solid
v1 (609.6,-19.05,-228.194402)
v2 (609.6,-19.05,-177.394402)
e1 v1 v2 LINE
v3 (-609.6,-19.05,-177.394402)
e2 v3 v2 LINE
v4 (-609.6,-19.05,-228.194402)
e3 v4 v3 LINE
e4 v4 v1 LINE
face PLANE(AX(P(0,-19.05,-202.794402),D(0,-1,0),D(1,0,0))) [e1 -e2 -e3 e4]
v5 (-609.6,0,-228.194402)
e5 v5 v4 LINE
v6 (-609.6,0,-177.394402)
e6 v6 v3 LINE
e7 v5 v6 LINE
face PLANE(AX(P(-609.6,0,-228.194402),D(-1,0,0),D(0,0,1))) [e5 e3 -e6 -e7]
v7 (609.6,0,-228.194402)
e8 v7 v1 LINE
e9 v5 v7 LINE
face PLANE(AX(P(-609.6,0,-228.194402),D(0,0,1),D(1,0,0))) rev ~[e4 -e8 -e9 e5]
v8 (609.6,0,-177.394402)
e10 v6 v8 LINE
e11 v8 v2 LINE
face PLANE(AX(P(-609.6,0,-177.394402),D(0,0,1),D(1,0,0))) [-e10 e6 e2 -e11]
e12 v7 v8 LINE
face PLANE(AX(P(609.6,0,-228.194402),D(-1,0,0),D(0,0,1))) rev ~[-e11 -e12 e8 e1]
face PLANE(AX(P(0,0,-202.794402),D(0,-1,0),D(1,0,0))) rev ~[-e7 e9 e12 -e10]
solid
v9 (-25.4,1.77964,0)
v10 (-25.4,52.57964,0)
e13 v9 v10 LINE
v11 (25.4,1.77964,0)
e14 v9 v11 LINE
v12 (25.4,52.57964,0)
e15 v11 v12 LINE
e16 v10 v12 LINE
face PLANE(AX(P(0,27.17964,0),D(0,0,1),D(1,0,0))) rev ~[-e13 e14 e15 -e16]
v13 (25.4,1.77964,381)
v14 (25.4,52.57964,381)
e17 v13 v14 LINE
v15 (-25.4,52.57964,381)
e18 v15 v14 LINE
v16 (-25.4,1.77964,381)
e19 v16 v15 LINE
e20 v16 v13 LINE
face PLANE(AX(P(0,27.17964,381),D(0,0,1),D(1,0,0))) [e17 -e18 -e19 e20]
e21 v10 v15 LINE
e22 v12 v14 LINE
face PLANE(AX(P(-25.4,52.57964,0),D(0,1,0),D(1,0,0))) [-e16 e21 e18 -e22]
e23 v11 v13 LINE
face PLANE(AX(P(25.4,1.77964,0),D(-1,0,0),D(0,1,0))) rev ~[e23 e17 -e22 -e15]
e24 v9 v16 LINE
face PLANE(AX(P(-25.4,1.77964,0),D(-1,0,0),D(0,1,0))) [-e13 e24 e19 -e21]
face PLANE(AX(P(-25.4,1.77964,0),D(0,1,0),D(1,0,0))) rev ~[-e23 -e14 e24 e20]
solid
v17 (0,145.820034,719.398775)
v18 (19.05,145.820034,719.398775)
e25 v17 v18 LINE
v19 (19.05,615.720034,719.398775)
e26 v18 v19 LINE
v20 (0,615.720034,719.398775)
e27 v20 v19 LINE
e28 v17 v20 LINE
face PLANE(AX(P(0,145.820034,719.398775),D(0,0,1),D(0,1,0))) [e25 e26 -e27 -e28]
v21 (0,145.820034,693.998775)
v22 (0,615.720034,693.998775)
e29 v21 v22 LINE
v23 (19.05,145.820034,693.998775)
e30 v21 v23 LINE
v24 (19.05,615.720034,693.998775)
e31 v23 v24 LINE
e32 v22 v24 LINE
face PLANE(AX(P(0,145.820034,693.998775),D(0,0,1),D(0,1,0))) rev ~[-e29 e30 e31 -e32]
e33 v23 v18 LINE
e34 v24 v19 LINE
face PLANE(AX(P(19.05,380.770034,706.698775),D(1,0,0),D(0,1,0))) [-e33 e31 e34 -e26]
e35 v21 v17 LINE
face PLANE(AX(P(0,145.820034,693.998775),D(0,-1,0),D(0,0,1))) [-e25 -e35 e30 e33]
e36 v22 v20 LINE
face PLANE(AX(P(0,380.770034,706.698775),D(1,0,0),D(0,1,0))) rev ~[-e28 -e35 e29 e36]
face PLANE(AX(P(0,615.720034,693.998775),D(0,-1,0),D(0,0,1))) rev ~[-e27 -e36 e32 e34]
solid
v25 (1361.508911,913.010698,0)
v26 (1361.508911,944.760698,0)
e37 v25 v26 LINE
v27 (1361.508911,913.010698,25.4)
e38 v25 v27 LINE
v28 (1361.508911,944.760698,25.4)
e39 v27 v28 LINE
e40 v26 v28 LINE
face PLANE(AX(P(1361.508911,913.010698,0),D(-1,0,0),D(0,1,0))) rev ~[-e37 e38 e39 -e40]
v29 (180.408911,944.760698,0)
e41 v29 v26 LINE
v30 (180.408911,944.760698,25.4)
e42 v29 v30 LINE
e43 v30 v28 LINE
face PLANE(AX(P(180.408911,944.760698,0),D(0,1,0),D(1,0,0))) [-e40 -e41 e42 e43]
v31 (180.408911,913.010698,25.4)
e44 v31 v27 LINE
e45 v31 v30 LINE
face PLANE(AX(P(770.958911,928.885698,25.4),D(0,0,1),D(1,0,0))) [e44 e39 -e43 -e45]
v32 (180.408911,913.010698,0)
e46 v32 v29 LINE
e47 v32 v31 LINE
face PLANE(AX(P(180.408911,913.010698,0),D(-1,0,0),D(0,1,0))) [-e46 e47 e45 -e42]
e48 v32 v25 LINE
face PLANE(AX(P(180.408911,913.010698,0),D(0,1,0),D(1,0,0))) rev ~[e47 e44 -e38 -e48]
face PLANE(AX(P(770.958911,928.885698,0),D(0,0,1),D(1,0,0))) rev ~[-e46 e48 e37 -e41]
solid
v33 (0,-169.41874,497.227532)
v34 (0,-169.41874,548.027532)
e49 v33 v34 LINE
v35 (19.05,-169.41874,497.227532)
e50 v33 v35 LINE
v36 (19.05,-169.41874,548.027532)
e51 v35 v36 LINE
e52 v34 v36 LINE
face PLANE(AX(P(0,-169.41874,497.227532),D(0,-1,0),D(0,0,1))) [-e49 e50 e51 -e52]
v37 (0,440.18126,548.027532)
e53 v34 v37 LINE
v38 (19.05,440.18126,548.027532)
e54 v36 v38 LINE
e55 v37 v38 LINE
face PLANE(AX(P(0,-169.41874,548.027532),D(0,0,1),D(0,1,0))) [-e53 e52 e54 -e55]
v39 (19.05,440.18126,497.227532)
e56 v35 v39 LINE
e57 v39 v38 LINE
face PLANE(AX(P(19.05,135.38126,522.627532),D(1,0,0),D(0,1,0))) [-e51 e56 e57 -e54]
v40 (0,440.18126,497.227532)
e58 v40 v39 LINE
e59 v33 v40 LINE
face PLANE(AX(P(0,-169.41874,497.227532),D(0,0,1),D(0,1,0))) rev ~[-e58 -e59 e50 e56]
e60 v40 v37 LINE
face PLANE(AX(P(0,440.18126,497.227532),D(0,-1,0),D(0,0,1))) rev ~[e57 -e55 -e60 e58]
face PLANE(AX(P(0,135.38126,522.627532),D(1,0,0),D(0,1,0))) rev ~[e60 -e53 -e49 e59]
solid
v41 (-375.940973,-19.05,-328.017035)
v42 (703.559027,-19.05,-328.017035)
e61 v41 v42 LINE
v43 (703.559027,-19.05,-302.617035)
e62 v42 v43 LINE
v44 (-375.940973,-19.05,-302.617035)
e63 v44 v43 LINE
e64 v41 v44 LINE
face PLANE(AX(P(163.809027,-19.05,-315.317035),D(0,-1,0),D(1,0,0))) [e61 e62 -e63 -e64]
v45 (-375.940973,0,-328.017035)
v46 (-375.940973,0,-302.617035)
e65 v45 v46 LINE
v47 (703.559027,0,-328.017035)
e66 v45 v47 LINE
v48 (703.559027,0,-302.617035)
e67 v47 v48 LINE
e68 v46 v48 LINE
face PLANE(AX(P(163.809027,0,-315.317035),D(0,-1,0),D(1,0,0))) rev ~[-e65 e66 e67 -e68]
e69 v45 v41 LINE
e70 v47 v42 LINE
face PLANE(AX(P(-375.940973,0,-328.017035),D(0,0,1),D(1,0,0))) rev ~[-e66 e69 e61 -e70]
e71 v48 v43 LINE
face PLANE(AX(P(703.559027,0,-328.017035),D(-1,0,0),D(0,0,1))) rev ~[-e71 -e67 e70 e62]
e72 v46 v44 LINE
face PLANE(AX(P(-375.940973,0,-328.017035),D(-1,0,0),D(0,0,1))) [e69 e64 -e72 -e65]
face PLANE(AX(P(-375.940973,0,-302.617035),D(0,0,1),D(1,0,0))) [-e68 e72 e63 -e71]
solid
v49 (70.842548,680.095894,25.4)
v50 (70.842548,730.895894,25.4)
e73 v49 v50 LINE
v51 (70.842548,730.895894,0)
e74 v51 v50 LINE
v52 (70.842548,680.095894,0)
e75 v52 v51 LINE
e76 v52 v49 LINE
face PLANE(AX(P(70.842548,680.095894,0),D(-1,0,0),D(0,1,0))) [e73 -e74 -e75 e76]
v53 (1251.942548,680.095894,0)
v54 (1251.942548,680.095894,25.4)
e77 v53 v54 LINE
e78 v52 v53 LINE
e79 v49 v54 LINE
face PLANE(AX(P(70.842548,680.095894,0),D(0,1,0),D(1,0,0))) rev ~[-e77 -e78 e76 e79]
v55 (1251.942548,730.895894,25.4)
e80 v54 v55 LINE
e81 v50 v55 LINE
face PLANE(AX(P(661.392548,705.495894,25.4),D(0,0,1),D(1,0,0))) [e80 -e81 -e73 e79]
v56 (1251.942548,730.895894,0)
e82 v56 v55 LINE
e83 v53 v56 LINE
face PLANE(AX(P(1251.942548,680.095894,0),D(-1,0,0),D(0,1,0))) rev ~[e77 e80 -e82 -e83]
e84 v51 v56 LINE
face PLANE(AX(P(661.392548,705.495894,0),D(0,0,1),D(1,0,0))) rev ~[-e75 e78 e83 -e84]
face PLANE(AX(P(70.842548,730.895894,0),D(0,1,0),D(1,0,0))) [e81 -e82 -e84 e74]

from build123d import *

# Parameters (mm, degrees)
F0_W      = 50.8
F0_H      = 50.8
F1_DEPTH  = 381
F2_W      = 1219.2
F2_H      = 50.8
F3_DEPTH  = 19.05
F4_W      = 609.6
F4_H      = 50.8
F5_DEPTH  = 19.05
F6_W      = 469.9
F6_H      = 25.4
F7_DEPTH  = 19.05
F8_W      = 1079.5
F8_H      = 25.4
F9_DEPTH  = 19.05
F10_W     = 1181.1
F10_H     = 50.8
F11_DEPTH = 25.4
F12_W     = 1181.1
F12_H     = 31.75
F13_DEPTH = 25.4


with BuildPart() as f1:
    # F0 (on Top) → F1 (new body)
    with BuildSketch(Plane.XY):
        with Locations((0, 27.17964)):
            Rectangle(F0_W, F0_H)
    extrude(amount=F1_DEPTH)


with BuildPart() as f3:
    # F2 (on Front) → F3 (new body)
    with BuildSketch(Plane.XZ):
        with Locations((0, -202.794402)):
            Rectangle(F2_W, F2_H)
    extrude(amount=F3_DEPTH)


with BuildPart() as f5:
    # F4 (on Right) → F5 (new body)
    with BuildSketch(Plane.YZ):
        with Locations((135.38126, 522.627532)):
            Rectangle(F4_W, F4_H)
    extrude(amount=F5_DEPTH)


with BuildPart() as f7:
    # F6 (on Right) → F7 (new body)
    with BuildSketch(Plane.YZ):
        with Locations((380.770034, 706.698775)):
            Rectangle(F6_W, F6_H)
    extrude(amount=F7_DEPTH)


with BuildPart() as f9:
    # F8 (on Front) → F9 (new body)
    with BuildSketch(Plane.XZ):
        with Locations((163.809027, -315.317035)):
            Rectangle(F8_W, F8_H)
    extrude(amount=F9_DEPTH)


with BuildPart() as f11:
    # F10 (on Top) → F11 (new body)
    with BuildSketch(Plane.XY):
        with Locations((661.392548, 705.495894)):
            Rectangle(F10_W, F10_H)
    extrude(amount=F11_DEPTH)


with BuildPart() as f13:
    # F12 (on Top) → F13 (new body)
    with BuildSketch(Plane.XY):
        with Locations((770.958911, 928.885698)):
            Rectangle(F12_W, F12_H)
    extrude(amount=F13_DEPTH)


solid = Compound([f1.part, f3.part, f5.part, f7.part, f9.part, f11.part, f13.part])
